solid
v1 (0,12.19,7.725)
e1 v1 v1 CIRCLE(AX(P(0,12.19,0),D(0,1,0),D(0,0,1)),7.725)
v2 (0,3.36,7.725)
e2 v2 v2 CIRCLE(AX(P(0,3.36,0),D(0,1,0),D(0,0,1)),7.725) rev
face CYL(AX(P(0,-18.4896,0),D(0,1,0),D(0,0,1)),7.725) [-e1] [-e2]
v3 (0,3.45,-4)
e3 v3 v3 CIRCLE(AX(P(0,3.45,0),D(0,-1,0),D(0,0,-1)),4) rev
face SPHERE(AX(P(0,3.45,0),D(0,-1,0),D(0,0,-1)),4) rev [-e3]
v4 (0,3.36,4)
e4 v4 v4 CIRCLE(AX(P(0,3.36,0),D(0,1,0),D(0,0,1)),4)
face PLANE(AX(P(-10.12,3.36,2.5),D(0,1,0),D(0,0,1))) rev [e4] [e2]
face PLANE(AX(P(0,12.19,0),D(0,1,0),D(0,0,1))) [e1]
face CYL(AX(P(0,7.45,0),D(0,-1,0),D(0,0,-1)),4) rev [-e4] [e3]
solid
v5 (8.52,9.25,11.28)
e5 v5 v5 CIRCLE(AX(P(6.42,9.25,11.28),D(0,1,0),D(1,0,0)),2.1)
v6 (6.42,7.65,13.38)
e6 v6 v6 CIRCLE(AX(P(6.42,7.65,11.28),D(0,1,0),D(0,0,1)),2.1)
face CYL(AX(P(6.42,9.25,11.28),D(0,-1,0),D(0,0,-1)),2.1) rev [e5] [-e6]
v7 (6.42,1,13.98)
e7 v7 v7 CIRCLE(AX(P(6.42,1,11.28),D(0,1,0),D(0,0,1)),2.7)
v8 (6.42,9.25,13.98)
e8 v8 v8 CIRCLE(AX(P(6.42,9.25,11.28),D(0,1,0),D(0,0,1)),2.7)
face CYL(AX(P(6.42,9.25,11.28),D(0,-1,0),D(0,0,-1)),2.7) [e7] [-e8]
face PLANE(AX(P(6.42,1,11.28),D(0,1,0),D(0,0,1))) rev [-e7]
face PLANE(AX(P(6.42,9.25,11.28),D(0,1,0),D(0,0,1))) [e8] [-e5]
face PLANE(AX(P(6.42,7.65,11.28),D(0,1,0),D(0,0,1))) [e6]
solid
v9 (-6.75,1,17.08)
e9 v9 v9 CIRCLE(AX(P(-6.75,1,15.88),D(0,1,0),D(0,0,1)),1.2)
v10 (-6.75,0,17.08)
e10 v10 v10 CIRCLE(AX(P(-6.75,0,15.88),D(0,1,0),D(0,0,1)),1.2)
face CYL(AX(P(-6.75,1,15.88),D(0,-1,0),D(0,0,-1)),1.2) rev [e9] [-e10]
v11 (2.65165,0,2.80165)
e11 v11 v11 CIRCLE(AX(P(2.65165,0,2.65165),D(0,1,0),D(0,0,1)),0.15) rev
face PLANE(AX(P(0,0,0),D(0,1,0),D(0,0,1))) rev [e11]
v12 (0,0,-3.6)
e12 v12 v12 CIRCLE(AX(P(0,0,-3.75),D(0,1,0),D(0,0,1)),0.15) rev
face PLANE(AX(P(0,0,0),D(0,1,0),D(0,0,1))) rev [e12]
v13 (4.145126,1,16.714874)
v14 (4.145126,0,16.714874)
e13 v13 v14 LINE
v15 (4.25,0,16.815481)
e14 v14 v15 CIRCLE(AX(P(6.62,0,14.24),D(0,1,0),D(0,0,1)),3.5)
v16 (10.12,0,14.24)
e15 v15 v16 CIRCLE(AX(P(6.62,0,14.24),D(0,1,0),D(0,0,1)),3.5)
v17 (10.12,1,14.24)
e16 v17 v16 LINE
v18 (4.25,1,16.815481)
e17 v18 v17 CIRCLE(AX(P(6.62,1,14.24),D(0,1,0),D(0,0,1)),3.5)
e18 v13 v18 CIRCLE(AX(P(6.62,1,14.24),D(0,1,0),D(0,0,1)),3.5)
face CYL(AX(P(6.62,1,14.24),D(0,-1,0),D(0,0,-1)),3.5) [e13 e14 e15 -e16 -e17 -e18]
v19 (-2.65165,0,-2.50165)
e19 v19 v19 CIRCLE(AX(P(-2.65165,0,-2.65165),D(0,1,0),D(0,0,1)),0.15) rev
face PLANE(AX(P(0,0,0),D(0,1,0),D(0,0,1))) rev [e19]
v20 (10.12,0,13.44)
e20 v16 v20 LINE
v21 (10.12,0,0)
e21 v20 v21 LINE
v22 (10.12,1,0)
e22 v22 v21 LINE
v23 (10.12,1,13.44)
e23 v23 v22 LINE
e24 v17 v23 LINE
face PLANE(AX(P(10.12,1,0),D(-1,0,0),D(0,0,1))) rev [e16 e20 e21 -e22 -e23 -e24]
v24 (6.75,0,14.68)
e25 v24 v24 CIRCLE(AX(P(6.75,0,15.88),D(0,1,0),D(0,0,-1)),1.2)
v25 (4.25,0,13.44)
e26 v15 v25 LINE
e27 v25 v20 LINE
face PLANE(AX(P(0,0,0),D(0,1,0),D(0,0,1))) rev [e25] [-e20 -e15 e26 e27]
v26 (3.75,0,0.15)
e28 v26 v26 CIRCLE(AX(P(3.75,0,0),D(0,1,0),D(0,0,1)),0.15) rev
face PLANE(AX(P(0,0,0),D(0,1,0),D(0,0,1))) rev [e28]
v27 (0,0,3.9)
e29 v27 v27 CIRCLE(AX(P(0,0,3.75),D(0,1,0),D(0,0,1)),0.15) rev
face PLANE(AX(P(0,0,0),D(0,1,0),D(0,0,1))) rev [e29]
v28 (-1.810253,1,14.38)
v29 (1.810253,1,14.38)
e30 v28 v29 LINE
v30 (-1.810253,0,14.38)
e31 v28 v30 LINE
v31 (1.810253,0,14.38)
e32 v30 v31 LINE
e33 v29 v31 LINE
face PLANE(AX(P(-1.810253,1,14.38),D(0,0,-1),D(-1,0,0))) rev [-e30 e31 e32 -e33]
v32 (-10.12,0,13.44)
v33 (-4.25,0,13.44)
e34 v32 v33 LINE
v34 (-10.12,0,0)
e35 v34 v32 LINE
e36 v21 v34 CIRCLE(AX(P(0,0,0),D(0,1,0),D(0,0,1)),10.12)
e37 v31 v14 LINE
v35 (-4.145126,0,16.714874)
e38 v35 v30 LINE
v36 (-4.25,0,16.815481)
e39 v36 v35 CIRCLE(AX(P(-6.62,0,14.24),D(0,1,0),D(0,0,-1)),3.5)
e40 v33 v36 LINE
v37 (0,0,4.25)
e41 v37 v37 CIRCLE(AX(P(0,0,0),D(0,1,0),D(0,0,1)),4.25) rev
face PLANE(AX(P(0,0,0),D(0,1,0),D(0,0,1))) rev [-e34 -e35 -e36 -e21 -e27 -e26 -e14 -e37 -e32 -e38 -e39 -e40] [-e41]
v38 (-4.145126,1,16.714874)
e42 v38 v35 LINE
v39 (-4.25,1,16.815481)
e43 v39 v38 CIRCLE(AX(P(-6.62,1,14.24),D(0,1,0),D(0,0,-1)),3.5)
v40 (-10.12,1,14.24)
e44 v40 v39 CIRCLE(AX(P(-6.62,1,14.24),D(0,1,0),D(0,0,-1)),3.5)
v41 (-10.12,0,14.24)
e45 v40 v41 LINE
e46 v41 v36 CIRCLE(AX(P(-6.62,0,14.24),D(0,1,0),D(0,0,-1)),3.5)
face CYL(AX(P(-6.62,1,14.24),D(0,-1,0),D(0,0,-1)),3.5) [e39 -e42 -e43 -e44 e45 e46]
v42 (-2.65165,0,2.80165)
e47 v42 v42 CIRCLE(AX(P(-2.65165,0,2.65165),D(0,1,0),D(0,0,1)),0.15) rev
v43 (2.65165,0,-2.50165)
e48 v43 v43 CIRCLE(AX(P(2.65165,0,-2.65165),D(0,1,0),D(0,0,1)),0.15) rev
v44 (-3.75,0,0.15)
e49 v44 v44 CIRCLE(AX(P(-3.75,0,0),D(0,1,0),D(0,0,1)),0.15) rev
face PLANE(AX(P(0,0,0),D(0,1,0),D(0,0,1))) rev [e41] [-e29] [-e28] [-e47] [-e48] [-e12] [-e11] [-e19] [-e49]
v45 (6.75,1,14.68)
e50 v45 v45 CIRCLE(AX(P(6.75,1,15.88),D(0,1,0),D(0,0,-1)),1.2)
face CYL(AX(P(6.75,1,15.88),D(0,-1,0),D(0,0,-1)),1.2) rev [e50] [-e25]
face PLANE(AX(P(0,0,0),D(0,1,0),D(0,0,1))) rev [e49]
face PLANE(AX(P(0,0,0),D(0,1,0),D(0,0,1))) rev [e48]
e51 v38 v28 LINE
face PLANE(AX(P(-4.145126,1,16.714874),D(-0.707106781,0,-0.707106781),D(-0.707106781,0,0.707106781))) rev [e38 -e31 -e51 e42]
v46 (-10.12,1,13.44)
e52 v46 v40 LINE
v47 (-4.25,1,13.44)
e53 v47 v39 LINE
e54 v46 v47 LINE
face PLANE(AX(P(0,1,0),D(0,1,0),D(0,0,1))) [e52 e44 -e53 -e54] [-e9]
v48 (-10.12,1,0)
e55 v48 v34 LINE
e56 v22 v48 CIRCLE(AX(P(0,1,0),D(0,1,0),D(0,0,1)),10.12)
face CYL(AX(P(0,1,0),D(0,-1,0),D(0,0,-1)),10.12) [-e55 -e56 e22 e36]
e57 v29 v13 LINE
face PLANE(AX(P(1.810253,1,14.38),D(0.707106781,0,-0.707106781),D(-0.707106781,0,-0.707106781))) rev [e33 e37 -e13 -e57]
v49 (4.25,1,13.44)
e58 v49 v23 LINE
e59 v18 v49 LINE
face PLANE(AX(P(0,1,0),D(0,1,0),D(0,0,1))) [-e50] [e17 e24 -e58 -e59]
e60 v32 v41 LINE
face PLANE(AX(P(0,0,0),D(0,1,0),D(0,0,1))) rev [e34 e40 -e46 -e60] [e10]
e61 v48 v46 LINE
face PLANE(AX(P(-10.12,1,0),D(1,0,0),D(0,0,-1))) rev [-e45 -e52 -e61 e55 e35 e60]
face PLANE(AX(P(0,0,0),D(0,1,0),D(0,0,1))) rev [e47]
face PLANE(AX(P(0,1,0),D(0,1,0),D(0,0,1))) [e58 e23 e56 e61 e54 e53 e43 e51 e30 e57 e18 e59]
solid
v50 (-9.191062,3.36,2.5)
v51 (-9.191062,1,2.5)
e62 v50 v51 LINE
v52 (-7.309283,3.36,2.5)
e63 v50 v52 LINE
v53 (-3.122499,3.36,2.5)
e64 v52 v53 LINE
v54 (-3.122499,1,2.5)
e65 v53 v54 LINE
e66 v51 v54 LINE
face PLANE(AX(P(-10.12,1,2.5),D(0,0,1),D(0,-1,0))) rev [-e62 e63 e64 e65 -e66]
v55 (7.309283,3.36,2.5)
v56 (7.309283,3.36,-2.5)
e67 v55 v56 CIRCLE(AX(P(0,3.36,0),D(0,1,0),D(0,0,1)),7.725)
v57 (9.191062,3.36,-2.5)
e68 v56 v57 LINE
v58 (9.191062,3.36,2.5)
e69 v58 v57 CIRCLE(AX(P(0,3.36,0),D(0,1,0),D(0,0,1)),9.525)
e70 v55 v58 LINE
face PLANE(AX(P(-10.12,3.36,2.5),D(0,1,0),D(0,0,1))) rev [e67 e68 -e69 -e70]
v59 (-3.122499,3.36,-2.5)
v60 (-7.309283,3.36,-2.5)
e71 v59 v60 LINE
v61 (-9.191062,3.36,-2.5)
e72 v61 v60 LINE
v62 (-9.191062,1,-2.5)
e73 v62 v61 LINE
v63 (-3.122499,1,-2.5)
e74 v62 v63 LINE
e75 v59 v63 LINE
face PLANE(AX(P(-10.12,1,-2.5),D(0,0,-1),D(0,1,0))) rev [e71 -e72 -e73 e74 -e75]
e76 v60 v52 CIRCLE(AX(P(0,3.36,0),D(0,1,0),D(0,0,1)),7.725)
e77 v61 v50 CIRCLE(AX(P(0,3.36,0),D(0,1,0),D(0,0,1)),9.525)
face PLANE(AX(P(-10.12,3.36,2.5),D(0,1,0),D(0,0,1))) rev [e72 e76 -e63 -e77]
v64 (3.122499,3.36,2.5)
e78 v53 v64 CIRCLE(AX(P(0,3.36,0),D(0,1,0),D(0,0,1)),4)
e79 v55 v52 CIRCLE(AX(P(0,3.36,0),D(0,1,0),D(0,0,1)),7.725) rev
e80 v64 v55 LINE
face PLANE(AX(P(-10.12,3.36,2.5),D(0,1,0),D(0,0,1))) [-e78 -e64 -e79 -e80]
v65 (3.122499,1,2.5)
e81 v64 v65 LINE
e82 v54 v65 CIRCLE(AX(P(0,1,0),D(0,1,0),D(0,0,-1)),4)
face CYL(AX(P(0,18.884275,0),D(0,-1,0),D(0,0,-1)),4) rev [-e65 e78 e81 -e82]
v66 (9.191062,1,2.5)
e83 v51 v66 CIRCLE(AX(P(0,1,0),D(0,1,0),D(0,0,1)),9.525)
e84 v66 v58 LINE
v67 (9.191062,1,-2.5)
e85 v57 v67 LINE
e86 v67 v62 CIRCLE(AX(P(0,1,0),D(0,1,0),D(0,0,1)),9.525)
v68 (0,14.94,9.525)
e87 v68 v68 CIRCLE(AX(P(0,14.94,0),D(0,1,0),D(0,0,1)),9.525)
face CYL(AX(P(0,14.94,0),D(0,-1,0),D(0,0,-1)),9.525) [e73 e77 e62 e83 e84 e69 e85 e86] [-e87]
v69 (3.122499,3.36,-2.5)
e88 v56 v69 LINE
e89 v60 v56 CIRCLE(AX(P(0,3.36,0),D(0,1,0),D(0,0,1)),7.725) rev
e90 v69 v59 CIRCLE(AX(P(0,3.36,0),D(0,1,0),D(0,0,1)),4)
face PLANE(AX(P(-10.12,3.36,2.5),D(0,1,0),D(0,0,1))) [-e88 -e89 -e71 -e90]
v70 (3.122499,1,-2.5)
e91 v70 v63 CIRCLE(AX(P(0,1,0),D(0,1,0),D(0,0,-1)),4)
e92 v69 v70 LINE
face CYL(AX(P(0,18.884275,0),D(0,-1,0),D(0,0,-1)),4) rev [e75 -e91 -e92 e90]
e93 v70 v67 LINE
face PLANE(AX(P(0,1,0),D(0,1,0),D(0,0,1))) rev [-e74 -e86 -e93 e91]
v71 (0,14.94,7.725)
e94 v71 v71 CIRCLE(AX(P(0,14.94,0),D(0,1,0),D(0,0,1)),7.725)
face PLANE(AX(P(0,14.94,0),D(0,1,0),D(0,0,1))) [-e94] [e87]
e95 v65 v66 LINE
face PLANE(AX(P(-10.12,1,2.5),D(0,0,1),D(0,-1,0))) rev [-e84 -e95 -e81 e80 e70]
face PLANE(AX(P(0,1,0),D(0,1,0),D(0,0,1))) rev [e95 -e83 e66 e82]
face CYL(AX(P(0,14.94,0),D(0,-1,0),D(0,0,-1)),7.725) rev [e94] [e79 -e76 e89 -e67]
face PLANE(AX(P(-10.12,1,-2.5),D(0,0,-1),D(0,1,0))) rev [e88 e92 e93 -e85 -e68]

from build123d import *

# Parameters (mm, degrees)
SKETCH1_R               = 1.2
BOSS_EXTRUDE1_DEPTH     = 1
SKETCH4_R               = 9.525
SKETCH4_R_2             = 7.725
BOSS_EXTRUDE2_DEPTH     = 13.94
SKETCH5_W               = 5
SKETCH5_H               = 2.36
CUT_EXTRUDE1_DEPTH      = 11.12
CUT_EXTRUDE1_DEPTH_BACK = 11.12
BOSS_EXTRUDE3_START     = -2.75
SKETCH6_R               = 7.725
BOSS_EXTRUDE3_DEPTH     = 8.83
SKETCH7_R               = 2.7
SKETCH7_R_2             = 2.1
EXTRUDE_THIN1_DEPTH     = 8.25
BOSS_EXTRUDE4_START     = -1.6
SKETCH8_R               = 2.1
BOSS_EXTRUDE4_DEPTH     = 6.65
SKETCH9_R               = 4
CUT_EXTRUDE2_DEPTH      = 6.45
FILLET1_R               = 4
BOSS_EXTRUDE5_DEPTH     = 2.36


with BuildPart() as part:
    # Sketch1 → Boss-Extrude1 (new body)
    with BuildSketch(Plane(origin=(0, 0, 0), x_dir=(1, 0, 0), z_dir=(0, 1, 0))):
        with BuildLine():
            Line((-10.12, 0), (-10.12, -14.24))
            ThreePointArc((-10.12, -14.24), (-7.959392013, -17.473578364), (-4.145126266, -16.714873734))
            Line((-4.145126266, -16.714873734), (-1.810252532, -14.38))
            Line((-1.810252532, -14.38), (1.810252532, -14.38))
            Line((1.810252532, -14.38), (4.145126266, -16.714873734))
            ThreePointArc((4.145126266, -16.714873734), (7.959392013, -17.473578364), (10.12, -14.24))
            Line((10.12, -14.24), (10.12, 0))
            ThreePointArc((10.12, 0), (0, 10.12), (-10.12, 0))
        make_face()
        with Locations((-6.75, -15.88)):
            Circle(SKETCH1_R, mode=Mode.SUBTRACT)
        with Locations((6.75, -15.88)):
            Circle(SKETCH1_R, mode=Mode.SUBTRACT)
    extrude(amount=BOSS_EXTRUDE1_DEPTH)


with BuildPart() as body_2:
    # Sketch4 → Boss-Extrude2 (new body)
    with BuildSketch(Plane(origin=(0, 1, 0), x_dir=(1, 0, 0), z_dir=(0, 1, 0))):
        Circle(SKETCH4_R)
        Circle(SKETCH4_R_2, mode=Mode.SUBTRACT)
    extrude(amount=BOSS_EXTRUDE2_DEPTH)

    # Sketch5 → Cut-Extrude1 (cut, two sides)
    with BuildSketch(Plane(origin=(0, 0, 0), x_dir=(0, 0, -1), z_dir=(1, 0, 0))) as cut_extrude1_sk:
        with Locations((0, 2.18)):
            Rectangle(SKETCH5_W, SKETCH5_H)
    extrude(amount=CUT_EXTRUDE1_DEPTH, mode=Mode.SUBTRACT)
    extrude(cut_extrude1_sk.sketch, amount=-CUT_EXTRUDE1_DEPTH_BACK, mode=Mode.SUBTRACT)

    # Sketch10 → Boss-Extrude5 (add)
    with BuildSketch(Plane.XZ.offset(-1)):
        with BuildLine():
            Line((-7.309283481, -2.5), (-3.122498999, -2.5))
            ThreePointArc((-3.122498999, -2.5), (0, -4), (3.122498999, -2.5))
            Line((3.122498999, -2.5), (7.309283481, -2.5))
            ThreePointArc((7.309283481, -2.5), (0, -7.725), (-7.309283481, -2.5))
        make_face()
        with BuildLine():
            Line((-7.309283481, 2.5), (-3.122498999, 2.5))
            ThreePointArc((-3.122498999, 2.5), (0, 4), (3.122498999, 2.5))
            Line((3.122498999, 2.5), (7.309283481, 2.5))
            ThreePointArc((7.309283481, 2.5), (0, 7.725), (-7.309283481, 2.5))
        make_face()
    extrude(amount=-BOSS_EXTRUDE5_DEPTH)


with BuildPart() as body_3:
    # Sketch6 → Boss-Extrude3 (new body)
    with BuildSketch(Plane(origin=(0, 14.94, 0), x_dir=(1, 0, 0), z_dir=(0, 1, 0)).offset(BOSS_EXTRUDE3_START)):
        Circle(SKETCH6_R)
    extrude(amount=-BOSS_EXTRUDE3_DEPTH)

    # Sketch9 → Cut-Extrude2 (cut)
    with BuildSketch(Plane.XZ.offset(-1)):
        Circle(SKETCH9_R)
    extrude(amount=-CUT_EXTRUDE2_DEPTH, mode=Mode.SUBTRACT)

    # Fillet1
    fillet1_edges = [body_3.edges().sort_by_distance(p)[0] for p in [
        (-4, 7.45, 0),
    ]]
    fillet(fillet1_edges, radius=FILLET1_R)


with BuildPart() as body_4:
    # Sketch7 → Extrude-Thin1 (new body)
    with BuildSketch(Plane(origin=(0, 1, 0), x_dir=(1, 0, 0), z_dir=(0, 1, 0))):
        with Locations((6.42, -11.28)):
            Circle(SKETCH7_R)
        with Locations((6.42, -11.28)):
            Circle(SKETCH7_R_2, mode=Mode.SUBTRACT)
    extrude(amount=EXTRUDE_THIN1_DEPTH)

    # Sketch8 → Boss-Extrude4 (add)
    with BuildSketch(Plane(origin=(0, 9.25, 0), x_dir=(1, 0, 0), z_dir=(0, 1, 0)).offset(BOSS_EXTRUDE4_START)):
        with Locations((6.42, -11.28)):
            Circle(SKETCH8_R)
    extrude(amount=-BOSS_EXTRUDE4_DEPTH)


solid = Compound([part.part, body_2.part, body_3.part, body_4.part])
